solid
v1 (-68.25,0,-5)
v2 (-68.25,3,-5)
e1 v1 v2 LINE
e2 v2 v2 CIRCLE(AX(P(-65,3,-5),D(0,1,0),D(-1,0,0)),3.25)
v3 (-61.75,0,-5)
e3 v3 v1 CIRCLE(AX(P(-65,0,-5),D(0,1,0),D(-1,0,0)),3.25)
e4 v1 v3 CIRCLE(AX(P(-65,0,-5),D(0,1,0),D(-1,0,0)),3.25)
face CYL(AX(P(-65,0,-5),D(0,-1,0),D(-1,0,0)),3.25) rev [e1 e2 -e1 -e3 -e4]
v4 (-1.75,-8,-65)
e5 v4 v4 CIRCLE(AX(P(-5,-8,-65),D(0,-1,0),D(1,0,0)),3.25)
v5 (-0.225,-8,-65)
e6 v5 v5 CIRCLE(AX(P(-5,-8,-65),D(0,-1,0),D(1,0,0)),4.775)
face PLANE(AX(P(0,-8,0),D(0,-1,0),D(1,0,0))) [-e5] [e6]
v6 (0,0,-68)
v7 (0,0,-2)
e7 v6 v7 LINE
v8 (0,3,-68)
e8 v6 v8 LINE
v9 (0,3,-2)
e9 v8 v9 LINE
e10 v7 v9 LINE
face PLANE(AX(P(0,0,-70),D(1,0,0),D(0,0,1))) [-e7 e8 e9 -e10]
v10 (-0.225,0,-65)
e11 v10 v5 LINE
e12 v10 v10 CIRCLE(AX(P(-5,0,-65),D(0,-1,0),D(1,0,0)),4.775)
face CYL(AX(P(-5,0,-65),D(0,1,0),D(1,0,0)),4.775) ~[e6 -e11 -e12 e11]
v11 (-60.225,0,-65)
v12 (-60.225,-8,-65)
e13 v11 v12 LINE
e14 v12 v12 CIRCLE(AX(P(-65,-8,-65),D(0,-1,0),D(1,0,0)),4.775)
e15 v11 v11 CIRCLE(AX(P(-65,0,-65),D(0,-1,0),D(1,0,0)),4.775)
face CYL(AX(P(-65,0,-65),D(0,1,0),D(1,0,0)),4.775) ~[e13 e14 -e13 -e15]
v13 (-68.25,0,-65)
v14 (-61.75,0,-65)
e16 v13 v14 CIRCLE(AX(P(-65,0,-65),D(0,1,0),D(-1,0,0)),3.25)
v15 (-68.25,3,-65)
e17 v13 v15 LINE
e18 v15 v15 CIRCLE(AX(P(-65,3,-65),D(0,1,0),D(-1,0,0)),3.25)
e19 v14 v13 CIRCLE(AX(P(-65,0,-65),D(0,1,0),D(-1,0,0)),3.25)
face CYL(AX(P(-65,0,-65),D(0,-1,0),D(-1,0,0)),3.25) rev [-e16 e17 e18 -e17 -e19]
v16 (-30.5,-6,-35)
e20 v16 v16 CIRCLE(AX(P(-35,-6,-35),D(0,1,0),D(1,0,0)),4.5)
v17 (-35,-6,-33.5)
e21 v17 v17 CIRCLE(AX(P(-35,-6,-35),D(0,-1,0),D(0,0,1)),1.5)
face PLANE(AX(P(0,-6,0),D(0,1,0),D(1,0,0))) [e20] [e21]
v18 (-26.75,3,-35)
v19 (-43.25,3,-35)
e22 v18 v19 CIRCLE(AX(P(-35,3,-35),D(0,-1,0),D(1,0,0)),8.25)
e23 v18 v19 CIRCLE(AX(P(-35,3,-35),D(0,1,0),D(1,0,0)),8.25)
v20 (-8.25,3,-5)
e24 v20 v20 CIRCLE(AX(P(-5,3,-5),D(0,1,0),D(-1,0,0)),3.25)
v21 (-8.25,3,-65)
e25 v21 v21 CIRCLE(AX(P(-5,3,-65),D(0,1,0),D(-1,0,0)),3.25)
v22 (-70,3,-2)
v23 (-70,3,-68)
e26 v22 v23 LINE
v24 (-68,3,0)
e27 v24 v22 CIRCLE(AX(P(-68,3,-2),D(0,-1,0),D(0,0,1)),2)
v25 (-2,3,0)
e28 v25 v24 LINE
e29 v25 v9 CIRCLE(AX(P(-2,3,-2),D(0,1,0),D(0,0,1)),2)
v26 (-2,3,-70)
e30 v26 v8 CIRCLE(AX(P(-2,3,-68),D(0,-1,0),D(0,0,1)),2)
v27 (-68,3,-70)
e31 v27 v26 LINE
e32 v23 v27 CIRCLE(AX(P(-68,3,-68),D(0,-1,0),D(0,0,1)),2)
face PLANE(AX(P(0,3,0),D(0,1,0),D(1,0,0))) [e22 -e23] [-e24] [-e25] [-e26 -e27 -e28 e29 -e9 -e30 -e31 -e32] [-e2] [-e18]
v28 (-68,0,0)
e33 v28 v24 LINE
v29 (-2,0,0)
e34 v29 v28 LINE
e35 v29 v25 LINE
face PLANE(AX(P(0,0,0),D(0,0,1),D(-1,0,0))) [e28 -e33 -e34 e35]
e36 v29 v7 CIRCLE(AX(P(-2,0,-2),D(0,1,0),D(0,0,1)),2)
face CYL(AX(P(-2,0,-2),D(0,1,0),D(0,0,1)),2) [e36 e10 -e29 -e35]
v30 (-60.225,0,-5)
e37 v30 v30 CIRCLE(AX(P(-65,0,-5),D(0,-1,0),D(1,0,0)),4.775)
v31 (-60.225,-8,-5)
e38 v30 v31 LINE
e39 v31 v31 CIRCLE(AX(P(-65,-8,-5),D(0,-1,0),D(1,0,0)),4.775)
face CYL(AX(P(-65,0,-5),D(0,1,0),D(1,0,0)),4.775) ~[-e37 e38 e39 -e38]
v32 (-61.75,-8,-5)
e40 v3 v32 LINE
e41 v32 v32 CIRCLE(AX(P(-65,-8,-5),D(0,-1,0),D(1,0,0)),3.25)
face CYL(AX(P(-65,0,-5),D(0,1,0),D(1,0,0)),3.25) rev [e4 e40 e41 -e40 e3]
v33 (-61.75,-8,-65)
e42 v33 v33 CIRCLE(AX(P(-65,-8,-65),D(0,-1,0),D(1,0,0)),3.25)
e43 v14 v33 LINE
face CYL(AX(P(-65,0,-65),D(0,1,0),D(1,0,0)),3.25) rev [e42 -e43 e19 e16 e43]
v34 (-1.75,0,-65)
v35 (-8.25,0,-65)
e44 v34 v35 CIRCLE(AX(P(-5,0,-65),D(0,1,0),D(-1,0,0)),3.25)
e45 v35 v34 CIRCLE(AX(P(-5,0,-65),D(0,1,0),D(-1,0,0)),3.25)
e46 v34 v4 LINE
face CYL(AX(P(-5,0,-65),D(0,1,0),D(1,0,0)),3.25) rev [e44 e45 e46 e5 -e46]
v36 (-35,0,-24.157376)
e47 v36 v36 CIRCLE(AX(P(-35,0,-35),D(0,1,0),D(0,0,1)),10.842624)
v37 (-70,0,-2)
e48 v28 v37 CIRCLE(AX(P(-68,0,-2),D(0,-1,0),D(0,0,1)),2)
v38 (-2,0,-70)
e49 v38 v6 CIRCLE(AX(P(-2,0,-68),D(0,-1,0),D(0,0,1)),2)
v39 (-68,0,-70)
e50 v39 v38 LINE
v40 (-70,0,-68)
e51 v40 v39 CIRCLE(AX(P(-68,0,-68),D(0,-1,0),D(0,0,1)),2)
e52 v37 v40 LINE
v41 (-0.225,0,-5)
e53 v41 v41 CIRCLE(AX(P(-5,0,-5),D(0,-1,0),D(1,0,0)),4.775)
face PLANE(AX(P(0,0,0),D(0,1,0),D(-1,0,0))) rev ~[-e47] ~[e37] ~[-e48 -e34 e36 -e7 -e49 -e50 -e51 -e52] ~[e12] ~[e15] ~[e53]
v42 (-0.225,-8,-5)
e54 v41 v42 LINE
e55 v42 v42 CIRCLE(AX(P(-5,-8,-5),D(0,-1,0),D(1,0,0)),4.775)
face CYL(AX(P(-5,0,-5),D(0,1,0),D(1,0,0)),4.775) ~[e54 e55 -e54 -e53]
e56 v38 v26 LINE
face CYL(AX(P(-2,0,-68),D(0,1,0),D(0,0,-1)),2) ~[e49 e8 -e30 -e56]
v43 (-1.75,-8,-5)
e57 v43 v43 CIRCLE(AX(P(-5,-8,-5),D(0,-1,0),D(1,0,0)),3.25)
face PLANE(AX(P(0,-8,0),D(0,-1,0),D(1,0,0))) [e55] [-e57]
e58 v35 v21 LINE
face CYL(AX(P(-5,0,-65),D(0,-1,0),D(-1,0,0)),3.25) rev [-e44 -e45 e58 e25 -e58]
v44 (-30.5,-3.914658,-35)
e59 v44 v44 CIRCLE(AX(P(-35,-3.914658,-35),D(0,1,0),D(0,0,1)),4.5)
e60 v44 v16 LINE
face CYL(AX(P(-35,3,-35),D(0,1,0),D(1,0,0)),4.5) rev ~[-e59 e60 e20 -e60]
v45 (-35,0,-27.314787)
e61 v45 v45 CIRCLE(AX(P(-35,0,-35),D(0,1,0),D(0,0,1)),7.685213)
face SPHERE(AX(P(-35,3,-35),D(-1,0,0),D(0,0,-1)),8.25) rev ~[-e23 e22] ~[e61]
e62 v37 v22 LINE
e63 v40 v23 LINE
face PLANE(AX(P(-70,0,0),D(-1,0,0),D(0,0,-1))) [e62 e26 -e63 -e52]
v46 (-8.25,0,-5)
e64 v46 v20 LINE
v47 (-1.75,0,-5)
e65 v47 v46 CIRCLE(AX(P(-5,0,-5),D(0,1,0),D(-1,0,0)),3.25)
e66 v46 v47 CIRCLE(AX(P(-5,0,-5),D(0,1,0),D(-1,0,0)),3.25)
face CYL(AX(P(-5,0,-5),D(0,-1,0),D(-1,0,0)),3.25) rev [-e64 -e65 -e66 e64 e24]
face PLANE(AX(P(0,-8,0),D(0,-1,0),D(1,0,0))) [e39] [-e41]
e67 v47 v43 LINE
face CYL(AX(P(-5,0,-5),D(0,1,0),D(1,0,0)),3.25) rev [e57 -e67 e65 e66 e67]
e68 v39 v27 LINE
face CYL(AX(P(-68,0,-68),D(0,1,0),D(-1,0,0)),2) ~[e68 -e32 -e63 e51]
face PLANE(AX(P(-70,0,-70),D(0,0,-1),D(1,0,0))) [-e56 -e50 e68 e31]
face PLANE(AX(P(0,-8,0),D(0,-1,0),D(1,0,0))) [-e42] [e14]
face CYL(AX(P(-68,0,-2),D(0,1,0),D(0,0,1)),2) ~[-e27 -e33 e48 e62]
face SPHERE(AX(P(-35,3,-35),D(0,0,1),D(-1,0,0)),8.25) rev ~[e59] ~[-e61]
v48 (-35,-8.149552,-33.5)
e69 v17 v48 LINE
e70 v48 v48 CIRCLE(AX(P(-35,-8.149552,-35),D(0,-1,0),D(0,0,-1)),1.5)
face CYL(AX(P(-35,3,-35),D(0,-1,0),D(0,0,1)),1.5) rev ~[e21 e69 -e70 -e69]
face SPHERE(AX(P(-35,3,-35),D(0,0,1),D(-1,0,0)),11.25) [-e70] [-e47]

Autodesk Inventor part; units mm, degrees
ref_plane "YZ Plane" through (0, 0, 0) normal (1, 0, 0) x (0, 1, 0)
ref_plane "XZ Plane" through (0, 0, 0) normal (0, 1, 0) x (-1, 0, 0)
ref_plane "XY Plane" through (0, 0, 0) normal (0, 0, 1) x (1, 0, 0)
sketch "Sketch1" plane through (0, 0, 0) normal (0, 1, 0) x (-1, 0, 0)
  line L0 (0, 0) -> (70, 0)
  line L1 (70, 0) -> (70, -70)
  line L2 (70, -70) -> (0, -70)
  line L3 (0, -70) -> (0, 0)
  circle A0 centre (5, -5) radius 3.25
  circle A1 centre (5, -65) radius 3.25
  circle A2 centre (65, -5) radius 3.25
  circle A3 centre (65, -65) radius 3.25
  dimension "d0" = 70
  dimension "d1" = 6.5
  dimension "d4" = 60
  dimension "d7" = 60
  dimension "d10" = 5
  dimension "d11" = 5
extrude "Extrusion1" add sketch "Sketch1" along normal blind 3
fillet "Fillet1" radius 2 4 edges at (-70, 1.5, 0) (-70, 1.5, -70) (0, 1.5, -70) (0, 1.5, 0)
sketch "Sketch2" plane through (0, 3, 0) normal (0, 1, 0) x (1, 0, 0)
  line L0 (-70, 68) -> (-70, 2) construction
  line L1 (-70, 35) -> (0, 35) construction
  line L2 (0, 2) -> (0, 68) construction
  line L3 (-68, 0) -> (-2, 0) construction
  line L4 (-35, 0) -> (-35, 70) construction
  line L5 (-2, 70) -> (-68, 70) construction
  arc A0 (-35, 43.25) -> (-35, 26.75) centre (-35, 35) ccw
  arc A1 (-35, 46.25) -> (-35, 23.75) centre (-35, 35) ccw
  line L6 (-35, 23.75) -> (-35, 26.75)
  line L7 (-35, 43.25) -> (-35, 46.25)
  point P0 (0, 0)
  dimension "d17" = 8.25
  dimension "d19" = 3
revolve "Revolution1" add sketch "Sketch2" angle 180 about axis through (-35, 3, 0) along (0, 0, 1)
sketch "Sketch3" plane through (0, 3, 0) normal (0, 1, 0) x (1, 0, 0)
  circle A0 centre (-35, 35) radius 8.25
  circle A1 centre (-35, 35) radius 7.6852 projected
  line L0 (-43.25, 35) -> (-26.75, 35)
  point P0 (0, 0)
  point P1 (-42.6852, 35)
  point P2 (-27.3148, 35)
  dimension "d40" = 16.5
revolve "Revolution2" cut sketch "Sketch3" angle 180 about axis through (-43.25, 3, -35) along (-1, 0, 0) picked at (-42.9818, 35.6581) picked at (-32.6573, 36.8036) contours L0 A1 A0 | L0 A1
sketch "Sketch4" plane through (0, 3, 0) normal (0, 1, 0) x (1, 0, 0)
  circle A0 centre (-35, 35) radius 7.6852 projected
  point P0 (0, 0)
hole "Hole1" at (-35, 3, -35) direction (0, -1, 0) diameter 3 end through all
sketch "Sketch5" plane through (0, 0, 0) normal (0, -1, 0) x (1, 0, 0)
  circle A0 centre (-5, -5) radius 3.25 projected
  circle A1 centre (-5, -5) radius 4.775
  circle A2 centre (-5, -5) radius 3.25
  line L0 (-68, 0) -> (-2, 0) projected
  line L1 (0, -2) -> (0, -68) projected
  circle A3 centre (-65, -5) radius 4.775
  circle A4 centre (-65, -5) radius 3.25
  circle A5 centre (-5, -65) radius 4.775
  circle A6 centre (-5, -65) radius 3.25
  circle A7 centre (-65, -65) radius 4.775
  circle A8 centre (-65, -65) radius 3.25
  point P0 (0, 0)
  dimension "d29" = 9.55
  dimension "d32" = 60
  dimension "d35" = 60
extrude "Extrusion2" add sketch "Sketch5" along normal blind 8
sketch "Sketch6" plane through (0, 3, 0) normal (0, 1, 0) x (1, 0, 0)
  circle A0 centre (-35, 35) radius 1.5 projected
  circle A1 centre (-35, 35) radius 4.5
  point P0 (0, 0)
  dimension "d41" = 9
extrude "Extrusion3" cut sketch "Sketch6" against normal blind 9 contours A0 | A1
equation "\"d0\" = cradle_width"
equation "\"d1\" = rod_diameter + rod_free_tolerance"
equation "\"d4\" = rod_dist"
equation "\"d7\" = rod_dist"
equation "\"d10\" = 0.5 * cradle_width - 0.5 * rod_dist"
equation "\"d11\" = 0.5 * cradle_width - 0.5 * rod_dist"
equation "\"d12\" = cradle_holder_thickness"
equation "\"d17\" = 0.5 * tube_diameter"
equation "\"d19\" = cradle_holder_thickness"
equation "\"d40\" = tube_diameter"
equation "\"d22\" = needle_hole_diameter"
equation "\"d29\" = post_diameter - post_wall_diameter"
equation "\"d32\" = rod_dist"
equation "\"d35\" = rod_dist"
equation "\"d38\" = cradle_holder_peg_depth"
equation "\"cradle_width\" = 70"
equation "\"cradle_holder_peg_depth\" = 8"
equation "\"tube_diameter\" = 16.5"
equation "\"rod_dist\" = 60"
equation "\"rod_diameter\" = 6"
equation "\"rod_free_tolerance\" = 0.5"
equation "\"cradle_holder_thickness\" = 3"
equation "\"needle_hole_diameter\" = 3"
equation "\"post_diameter\" = 10.2"
equation "\"post_wall_diameter\" = 0.65"
properties part number "cradle_holder_with_septa"
